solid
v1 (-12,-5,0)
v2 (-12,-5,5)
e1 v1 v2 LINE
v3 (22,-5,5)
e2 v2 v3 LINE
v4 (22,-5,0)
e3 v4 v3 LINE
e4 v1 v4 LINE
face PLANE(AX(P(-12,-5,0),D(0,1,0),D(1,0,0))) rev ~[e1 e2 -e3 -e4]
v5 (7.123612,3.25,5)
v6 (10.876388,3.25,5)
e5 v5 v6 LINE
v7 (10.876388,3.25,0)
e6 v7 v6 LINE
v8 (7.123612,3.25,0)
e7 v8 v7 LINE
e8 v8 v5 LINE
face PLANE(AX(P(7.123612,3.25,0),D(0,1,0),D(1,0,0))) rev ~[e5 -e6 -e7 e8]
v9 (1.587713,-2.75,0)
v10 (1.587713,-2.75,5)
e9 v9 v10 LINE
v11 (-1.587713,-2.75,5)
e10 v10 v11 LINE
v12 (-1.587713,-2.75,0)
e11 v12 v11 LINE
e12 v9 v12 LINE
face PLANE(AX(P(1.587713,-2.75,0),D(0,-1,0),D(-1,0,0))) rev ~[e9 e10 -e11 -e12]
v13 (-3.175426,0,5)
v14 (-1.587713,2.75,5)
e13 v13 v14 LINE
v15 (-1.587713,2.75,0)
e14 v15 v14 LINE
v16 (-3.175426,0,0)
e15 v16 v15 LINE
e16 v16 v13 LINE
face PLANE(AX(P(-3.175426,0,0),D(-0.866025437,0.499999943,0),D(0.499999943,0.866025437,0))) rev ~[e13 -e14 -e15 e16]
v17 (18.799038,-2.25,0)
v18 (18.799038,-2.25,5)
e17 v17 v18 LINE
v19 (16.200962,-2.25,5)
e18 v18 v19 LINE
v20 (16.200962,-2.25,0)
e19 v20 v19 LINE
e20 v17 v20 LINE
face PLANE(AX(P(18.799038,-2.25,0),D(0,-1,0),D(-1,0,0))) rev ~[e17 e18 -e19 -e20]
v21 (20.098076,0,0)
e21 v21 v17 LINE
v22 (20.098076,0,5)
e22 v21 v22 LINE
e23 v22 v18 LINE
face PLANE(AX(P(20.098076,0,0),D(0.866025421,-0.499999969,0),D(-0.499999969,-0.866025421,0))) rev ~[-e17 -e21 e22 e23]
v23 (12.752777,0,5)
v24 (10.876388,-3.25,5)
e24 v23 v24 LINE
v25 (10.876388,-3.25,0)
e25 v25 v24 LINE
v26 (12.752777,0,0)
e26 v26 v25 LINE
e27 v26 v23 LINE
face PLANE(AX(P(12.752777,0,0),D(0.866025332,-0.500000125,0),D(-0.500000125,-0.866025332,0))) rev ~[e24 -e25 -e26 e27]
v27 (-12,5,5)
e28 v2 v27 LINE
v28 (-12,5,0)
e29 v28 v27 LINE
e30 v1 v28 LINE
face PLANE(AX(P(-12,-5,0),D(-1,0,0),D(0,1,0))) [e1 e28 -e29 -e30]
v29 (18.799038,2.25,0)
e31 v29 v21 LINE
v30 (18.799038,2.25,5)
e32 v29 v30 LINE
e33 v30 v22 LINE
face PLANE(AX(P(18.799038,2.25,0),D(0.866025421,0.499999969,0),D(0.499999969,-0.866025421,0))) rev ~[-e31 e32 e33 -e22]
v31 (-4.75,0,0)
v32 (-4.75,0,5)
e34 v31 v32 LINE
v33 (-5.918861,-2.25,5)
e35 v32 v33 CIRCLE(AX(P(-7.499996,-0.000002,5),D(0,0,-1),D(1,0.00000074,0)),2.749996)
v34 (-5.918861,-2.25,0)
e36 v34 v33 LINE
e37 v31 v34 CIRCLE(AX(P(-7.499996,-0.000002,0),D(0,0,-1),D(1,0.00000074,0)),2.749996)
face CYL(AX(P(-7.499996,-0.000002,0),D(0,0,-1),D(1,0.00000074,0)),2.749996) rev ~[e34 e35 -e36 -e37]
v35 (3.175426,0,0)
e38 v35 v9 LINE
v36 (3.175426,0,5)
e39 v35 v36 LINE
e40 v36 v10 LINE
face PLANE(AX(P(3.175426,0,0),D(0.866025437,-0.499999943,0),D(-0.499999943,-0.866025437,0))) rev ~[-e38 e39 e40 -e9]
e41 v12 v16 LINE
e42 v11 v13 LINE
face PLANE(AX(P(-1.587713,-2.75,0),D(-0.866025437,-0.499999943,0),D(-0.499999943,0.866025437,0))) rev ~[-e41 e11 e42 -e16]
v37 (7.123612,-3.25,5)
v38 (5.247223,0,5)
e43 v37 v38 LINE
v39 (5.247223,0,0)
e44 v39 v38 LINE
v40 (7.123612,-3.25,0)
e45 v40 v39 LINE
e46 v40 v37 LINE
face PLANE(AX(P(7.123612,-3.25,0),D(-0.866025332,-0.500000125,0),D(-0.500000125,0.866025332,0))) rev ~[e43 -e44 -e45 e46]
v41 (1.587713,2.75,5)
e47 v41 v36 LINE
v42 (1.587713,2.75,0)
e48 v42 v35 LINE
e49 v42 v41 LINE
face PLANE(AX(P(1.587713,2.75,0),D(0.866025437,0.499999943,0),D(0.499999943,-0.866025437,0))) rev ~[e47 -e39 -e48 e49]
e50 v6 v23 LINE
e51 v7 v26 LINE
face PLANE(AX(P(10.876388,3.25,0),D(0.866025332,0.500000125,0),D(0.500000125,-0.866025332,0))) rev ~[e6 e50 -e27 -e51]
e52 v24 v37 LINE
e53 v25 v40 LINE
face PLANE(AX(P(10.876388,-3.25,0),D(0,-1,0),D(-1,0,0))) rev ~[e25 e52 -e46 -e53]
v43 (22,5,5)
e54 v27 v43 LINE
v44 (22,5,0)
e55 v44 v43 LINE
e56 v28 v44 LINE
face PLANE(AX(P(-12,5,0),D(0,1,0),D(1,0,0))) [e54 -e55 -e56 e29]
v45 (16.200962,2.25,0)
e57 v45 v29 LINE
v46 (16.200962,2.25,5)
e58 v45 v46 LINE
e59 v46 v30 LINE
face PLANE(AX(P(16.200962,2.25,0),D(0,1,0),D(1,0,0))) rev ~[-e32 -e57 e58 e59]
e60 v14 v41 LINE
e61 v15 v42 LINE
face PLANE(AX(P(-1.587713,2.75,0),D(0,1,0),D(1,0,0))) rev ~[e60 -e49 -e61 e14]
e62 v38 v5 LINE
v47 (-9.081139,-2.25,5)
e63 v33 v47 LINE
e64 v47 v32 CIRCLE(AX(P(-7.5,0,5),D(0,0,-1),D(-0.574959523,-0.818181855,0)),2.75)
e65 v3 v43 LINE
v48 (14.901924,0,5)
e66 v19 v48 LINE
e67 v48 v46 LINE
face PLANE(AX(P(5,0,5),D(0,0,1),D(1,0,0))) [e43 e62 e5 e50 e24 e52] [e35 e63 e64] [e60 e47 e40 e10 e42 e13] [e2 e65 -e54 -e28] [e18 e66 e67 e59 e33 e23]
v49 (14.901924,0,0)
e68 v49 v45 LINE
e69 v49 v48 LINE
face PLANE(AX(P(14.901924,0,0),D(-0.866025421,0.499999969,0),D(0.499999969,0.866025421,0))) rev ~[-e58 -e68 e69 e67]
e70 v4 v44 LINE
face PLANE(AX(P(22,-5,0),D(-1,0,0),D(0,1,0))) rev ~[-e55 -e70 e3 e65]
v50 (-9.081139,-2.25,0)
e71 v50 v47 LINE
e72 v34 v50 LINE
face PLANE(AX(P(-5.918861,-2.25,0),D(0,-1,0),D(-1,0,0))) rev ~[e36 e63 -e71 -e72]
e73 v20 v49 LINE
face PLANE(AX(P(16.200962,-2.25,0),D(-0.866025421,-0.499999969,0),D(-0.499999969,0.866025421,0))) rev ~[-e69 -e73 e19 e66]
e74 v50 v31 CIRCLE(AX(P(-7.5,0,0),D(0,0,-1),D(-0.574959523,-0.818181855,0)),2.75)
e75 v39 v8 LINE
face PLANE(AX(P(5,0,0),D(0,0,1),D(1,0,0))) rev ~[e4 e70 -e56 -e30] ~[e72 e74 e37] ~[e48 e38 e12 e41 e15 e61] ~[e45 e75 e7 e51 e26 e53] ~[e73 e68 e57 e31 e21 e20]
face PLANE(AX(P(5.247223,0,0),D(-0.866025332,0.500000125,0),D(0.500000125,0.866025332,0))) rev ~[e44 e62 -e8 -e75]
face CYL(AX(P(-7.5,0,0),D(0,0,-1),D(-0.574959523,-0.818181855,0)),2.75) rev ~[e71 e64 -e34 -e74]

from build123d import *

# Parameters (mm, degrees)
F0_W     = 34
F0_H     = 10
F1_DEPTH = 5


with BuildPart() as f1:
    # F0 (on Top) → F1 (new body)
    with BuildSketch(Plane.XY):
        with Locations((5, 0)):
            Rectangle(F0_W, F0_H)
        with BuildLine():
            ThreePointArc((-9.081139, -2.25), (-8.767748, 2.440352), (-4.75, 0))
            ThreePointArc((-4.75, 0), (-5.059648, -1.267748), (-5.918861, -2.25))
            ThreePointArc((-5.918861, -2.25), (-7.5, -2.75), (-9.081139, -2.25))
        make_face(mode=Mode.SUBTRACT)
        Polygon((-3.175426, 0), (-1.587713, 2.75), (1.587713, 2.75), (3.175426, 0), (1.587713, -2.75), (-1.587713, -2.75), align=None, mode=Mode.SUBTRACT)
        Polygon((5.247223, 0), (7.123612, 3.25), (10.876388, 3.25), (12.752777, 0), (10.876388, -3.25), (7.123612, -3.25), align=None, mode=Mode.SUBTRACT)
        Polygon((20.098076, 0), (18.799038, -2.25), (16.200962, -2.25), (14.901924, 0), (16.200962, 2.25), (18.799038, 2.25), align=None, mode=Mode.SUBTRACT)
        with BuildLine():
            Line((-5.918861, -2.25), (-9.081139, -2.25))
            ThreePointArc((-9.081139, -2.25), (-7.5, -2.75), (-5.918861, -2.25))
        make_face()
    extrude(amount=F1_DEPTH)


solid = f1.part
